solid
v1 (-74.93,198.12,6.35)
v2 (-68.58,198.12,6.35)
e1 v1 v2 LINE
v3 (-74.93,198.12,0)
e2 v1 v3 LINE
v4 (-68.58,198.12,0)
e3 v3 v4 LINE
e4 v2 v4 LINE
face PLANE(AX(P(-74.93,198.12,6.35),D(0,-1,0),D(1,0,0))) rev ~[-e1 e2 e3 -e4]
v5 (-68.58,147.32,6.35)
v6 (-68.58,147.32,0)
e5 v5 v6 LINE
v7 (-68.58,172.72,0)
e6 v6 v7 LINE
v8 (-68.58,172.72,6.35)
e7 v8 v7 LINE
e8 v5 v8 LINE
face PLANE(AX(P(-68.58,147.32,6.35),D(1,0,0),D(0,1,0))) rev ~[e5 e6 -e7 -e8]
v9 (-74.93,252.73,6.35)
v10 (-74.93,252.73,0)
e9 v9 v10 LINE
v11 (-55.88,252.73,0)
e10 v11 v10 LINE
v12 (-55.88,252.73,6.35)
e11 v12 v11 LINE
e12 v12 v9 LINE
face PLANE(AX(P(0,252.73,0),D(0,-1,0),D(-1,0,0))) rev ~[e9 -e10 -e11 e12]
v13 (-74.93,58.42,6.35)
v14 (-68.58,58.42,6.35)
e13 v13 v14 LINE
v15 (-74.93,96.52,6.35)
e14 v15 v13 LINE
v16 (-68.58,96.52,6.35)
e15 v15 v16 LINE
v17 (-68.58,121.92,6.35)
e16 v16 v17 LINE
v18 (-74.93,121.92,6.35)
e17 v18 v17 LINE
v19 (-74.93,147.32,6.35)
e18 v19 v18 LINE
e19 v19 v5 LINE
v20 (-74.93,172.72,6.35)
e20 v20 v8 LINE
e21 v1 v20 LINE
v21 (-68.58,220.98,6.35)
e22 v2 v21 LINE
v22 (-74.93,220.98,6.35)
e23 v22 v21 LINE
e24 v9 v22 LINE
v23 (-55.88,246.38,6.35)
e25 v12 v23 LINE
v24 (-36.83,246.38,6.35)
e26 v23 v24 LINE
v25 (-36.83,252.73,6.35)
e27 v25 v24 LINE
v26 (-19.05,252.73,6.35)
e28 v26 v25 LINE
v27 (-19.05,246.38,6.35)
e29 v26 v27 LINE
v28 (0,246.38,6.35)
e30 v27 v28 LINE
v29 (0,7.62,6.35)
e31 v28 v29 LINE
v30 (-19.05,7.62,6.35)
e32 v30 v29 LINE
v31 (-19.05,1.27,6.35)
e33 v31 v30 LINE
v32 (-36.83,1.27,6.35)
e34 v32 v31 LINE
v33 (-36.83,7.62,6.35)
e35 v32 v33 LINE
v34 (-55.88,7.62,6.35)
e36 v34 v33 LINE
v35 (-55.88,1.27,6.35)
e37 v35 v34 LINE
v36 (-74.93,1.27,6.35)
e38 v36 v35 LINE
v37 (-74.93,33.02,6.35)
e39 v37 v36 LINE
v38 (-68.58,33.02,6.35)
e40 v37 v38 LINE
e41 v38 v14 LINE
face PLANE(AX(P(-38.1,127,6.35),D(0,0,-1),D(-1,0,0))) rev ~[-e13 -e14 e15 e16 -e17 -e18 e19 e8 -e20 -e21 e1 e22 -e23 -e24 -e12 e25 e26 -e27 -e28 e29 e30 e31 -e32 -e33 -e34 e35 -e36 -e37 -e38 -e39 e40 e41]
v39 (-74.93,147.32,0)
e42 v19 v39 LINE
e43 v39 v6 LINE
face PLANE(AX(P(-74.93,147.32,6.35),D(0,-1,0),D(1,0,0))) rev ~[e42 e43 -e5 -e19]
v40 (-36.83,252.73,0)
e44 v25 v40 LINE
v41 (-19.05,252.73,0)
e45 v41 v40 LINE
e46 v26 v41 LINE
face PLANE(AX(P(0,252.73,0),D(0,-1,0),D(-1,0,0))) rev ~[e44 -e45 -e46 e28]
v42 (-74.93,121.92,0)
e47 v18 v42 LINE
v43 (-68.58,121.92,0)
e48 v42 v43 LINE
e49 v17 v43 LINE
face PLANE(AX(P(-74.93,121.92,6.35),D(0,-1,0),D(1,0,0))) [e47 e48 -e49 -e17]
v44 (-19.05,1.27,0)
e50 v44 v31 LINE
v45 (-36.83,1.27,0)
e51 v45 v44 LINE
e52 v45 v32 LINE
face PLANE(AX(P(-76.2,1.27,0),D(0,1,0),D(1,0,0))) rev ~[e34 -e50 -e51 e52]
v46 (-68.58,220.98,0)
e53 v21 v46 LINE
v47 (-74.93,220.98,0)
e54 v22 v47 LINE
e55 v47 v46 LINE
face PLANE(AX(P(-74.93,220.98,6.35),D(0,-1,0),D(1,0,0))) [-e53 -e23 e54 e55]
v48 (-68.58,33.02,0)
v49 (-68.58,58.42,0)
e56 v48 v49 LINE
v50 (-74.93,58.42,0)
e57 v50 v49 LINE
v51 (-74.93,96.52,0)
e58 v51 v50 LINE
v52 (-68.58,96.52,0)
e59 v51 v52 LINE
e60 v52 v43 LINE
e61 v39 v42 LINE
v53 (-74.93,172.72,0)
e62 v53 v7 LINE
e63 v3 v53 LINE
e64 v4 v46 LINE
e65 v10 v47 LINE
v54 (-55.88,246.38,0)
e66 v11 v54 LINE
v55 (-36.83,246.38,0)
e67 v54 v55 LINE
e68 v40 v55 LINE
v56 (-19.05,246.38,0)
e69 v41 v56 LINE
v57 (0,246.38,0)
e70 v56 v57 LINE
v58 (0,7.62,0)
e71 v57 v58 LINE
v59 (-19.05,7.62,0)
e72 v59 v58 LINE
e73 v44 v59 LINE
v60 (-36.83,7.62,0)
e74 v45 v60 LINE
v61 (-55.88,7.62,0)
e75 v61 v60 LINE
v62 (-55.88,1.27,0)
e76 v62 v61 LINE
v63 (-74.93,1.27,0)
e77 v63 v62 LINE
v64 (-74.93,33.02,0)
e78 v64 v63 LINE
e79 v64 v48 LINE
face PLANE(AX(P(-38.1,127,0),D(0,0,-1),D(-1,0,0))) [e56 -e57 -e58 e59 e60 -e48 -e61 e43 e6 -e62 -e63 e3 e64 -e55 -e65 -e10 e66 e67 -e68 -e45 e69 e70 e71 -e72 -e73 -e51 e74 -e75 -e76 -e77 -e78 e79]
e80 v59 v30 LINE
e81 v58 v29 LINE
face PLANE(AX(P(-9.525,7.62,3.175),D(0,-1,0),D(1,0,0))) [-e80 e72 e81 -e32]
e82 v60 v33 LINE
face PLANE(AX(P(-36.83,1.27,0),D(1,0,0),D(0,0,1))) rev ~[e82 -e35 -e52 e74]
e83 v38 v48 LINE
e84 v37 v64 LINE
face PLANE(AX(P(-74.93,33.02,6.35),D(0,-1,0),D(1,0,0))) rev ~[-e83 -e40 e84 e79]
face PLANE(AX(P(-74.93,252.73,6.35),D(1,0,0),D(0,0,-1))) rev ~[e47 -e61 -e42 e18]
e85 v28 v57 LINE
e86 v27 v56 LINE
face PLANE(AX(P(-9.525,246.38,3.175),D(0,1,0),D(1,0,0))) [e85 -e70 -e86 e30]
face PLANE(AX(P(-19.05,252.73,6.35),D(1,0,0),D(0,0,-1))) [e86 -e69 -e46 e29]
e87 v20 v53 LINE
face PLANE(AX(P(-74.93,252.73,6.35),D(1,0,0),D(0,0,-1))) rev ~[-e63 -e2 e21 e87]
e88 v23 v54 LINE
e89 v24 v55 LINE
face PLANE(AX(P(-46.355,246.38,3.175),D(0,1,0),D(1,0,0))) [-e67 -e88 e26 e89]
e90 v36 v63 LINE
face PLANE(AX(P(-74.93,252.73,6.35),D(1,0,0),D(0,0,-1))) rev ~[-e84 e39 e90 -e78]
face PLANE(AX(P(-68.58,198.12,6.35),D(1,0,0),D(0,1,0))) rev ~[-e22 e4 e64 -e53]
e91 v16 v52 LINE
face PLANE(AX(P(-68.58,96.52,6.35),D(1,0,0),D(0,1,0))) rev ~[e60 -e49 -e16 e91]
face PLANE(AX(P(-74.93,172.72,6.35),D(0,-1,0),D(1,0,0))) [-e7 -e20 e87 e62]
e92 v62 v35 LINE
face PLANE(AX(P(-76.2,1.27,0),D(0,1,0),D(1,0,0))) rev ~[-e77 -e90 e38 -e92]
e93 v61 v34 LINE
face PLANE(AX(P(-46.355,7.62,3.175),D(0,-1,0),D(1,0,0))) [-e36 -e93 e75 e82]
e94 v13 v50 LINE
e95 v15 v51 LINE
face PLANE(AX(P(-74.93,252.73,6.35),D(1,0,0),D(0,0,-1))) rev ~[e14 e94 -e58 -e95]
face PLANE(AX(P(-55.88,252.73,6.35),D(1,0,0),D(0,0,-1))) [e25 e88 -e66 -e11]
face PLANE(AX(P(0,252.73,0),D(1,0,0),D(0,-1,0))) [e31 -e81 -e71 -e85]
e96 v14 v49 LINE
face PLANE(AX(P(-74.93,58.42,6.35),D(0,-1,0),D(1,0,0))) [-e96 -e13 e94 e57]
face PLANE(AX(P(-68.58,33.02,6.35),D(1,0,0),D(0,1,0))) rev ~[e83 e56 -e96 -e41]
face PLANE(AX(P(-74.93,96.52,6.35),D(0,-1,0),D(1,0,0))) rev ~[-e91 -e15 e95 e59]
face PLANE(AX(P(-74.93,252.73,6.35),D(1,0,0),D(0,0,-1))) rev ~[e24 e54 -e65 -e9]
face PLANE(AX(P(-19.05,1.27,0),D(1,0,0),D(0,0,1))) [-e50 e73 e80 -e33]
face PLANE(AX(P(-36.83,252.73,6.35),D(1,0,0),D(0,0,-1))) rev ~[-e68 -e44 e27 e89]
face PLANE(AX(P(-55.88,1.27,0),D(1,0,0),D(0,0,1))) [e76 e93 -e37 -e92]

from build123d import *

# Parameters (mm, degrees)
BOSS_EXTRUDE1_DEPTH = 6.35
SKETCH3_W           = 19.05
SKETCH3_H           = 6.35
CUT_EXTRUDE1_DEPTH  = 6.35
SKETCH4_W           = 1.27
SKETCH4_H           = 6.35
CUT_EXTRUDE2_DEPTH  = 252.46
SKETCH5_W           = 19.05
SKETCH5_H           = 6.35
CUT_EXTRUDE3_DEPTH  = 6.35
SKETCH6_W           = 6.35
SKETCH6_H           = 25.4
SKETCH6_H_2         = 22.86
CUT_EXTRUDE4_DEPTH  = 6.35


with BuildPart() as part:
    # Sketch1 → Boss-Extrude1 (new body)
    with BuildSketch(Plane.XY):
        Polygon((0, 1.27), (-69.85, 1.27), (-76.2, 1.27), (-76.2, 252.73), (-69.85, 252.73), (0, 252.73), align=None)
    extrude(amount=BOSS_EXTRUDE1_DEPTH)

    # Sketch3 → Cut-Extrude1 (cut)
    with BuildSketch(Plane(origin=(0, 252.73, 0), x_dir=(1, 0, 0), z_dir=(0, 1, 0))):
        with Locations((-46.355, -3.175)):
            Rectangle(SKETCH3_W, SKETCH3_H)
        with Locations((-9.525, -3.175)):
            Rectangle(SKETCH3_W, SKETCH3_H)
    extrude(amount=-CUT_EXTRUDE1_DEPTH, mode=Mode.SUBTRACT)

    # Sketch4 → Cut-Extrude2 (cut, through all)
    with BuildSketch(Plane(origin=(0, 252.73, 0), x_dir=(1, 0, 0), z_dir=(0, 1, 0))):
        with Locations((-75.565, -3.175)):
            Rectangle(SKETCH4_W, SKETCH4_H)
    extrude(amount=-CUT_EXTRUDE2_DEPTH, mode=Mode.SUBTRACT)

    # Sketch5 → Cut-Extrude3 (cut)
    with BuildSketch(Plane.XZ.offset(-1.27)):
        with Locations((-46.355, 3.175)):
            Rectangle(SKETCH5_W, SKETCH5_H)
        with Locations((-9.525, 3.175)):
            Rectangle(SKETCH5_W, SKETCH5_H)
    extrude(amount=-CUT_EXTRUDE3_DEPTH, mode=Mode.SUBTRACT)

    # Sketch6 → Cut-Extrude4 (cut)
    with BuildSketch(Plane.XY.offset(6.35)):
        with Locations((-71.755, 45.72)):
            Rectangle(SKETCH6_W, SKETCH6_H)
        with Locations((-71.755, 109.22)):
            Rectangle(SKETCH6_W, SKETCH6_H)
        with Locations((-71.755, 160.02)):
            Rectangle(SKETCH6_W, SKETCH6_H)
        with Locations((-71.755, 209.55)):
            Rectangle(SKETCH6_W, SKETCH6_H_2)
    extrude(amount=-CUT_EXTRUDE4_DEPTH, mode=Mode.SUBTRACT)


solid = part.part
